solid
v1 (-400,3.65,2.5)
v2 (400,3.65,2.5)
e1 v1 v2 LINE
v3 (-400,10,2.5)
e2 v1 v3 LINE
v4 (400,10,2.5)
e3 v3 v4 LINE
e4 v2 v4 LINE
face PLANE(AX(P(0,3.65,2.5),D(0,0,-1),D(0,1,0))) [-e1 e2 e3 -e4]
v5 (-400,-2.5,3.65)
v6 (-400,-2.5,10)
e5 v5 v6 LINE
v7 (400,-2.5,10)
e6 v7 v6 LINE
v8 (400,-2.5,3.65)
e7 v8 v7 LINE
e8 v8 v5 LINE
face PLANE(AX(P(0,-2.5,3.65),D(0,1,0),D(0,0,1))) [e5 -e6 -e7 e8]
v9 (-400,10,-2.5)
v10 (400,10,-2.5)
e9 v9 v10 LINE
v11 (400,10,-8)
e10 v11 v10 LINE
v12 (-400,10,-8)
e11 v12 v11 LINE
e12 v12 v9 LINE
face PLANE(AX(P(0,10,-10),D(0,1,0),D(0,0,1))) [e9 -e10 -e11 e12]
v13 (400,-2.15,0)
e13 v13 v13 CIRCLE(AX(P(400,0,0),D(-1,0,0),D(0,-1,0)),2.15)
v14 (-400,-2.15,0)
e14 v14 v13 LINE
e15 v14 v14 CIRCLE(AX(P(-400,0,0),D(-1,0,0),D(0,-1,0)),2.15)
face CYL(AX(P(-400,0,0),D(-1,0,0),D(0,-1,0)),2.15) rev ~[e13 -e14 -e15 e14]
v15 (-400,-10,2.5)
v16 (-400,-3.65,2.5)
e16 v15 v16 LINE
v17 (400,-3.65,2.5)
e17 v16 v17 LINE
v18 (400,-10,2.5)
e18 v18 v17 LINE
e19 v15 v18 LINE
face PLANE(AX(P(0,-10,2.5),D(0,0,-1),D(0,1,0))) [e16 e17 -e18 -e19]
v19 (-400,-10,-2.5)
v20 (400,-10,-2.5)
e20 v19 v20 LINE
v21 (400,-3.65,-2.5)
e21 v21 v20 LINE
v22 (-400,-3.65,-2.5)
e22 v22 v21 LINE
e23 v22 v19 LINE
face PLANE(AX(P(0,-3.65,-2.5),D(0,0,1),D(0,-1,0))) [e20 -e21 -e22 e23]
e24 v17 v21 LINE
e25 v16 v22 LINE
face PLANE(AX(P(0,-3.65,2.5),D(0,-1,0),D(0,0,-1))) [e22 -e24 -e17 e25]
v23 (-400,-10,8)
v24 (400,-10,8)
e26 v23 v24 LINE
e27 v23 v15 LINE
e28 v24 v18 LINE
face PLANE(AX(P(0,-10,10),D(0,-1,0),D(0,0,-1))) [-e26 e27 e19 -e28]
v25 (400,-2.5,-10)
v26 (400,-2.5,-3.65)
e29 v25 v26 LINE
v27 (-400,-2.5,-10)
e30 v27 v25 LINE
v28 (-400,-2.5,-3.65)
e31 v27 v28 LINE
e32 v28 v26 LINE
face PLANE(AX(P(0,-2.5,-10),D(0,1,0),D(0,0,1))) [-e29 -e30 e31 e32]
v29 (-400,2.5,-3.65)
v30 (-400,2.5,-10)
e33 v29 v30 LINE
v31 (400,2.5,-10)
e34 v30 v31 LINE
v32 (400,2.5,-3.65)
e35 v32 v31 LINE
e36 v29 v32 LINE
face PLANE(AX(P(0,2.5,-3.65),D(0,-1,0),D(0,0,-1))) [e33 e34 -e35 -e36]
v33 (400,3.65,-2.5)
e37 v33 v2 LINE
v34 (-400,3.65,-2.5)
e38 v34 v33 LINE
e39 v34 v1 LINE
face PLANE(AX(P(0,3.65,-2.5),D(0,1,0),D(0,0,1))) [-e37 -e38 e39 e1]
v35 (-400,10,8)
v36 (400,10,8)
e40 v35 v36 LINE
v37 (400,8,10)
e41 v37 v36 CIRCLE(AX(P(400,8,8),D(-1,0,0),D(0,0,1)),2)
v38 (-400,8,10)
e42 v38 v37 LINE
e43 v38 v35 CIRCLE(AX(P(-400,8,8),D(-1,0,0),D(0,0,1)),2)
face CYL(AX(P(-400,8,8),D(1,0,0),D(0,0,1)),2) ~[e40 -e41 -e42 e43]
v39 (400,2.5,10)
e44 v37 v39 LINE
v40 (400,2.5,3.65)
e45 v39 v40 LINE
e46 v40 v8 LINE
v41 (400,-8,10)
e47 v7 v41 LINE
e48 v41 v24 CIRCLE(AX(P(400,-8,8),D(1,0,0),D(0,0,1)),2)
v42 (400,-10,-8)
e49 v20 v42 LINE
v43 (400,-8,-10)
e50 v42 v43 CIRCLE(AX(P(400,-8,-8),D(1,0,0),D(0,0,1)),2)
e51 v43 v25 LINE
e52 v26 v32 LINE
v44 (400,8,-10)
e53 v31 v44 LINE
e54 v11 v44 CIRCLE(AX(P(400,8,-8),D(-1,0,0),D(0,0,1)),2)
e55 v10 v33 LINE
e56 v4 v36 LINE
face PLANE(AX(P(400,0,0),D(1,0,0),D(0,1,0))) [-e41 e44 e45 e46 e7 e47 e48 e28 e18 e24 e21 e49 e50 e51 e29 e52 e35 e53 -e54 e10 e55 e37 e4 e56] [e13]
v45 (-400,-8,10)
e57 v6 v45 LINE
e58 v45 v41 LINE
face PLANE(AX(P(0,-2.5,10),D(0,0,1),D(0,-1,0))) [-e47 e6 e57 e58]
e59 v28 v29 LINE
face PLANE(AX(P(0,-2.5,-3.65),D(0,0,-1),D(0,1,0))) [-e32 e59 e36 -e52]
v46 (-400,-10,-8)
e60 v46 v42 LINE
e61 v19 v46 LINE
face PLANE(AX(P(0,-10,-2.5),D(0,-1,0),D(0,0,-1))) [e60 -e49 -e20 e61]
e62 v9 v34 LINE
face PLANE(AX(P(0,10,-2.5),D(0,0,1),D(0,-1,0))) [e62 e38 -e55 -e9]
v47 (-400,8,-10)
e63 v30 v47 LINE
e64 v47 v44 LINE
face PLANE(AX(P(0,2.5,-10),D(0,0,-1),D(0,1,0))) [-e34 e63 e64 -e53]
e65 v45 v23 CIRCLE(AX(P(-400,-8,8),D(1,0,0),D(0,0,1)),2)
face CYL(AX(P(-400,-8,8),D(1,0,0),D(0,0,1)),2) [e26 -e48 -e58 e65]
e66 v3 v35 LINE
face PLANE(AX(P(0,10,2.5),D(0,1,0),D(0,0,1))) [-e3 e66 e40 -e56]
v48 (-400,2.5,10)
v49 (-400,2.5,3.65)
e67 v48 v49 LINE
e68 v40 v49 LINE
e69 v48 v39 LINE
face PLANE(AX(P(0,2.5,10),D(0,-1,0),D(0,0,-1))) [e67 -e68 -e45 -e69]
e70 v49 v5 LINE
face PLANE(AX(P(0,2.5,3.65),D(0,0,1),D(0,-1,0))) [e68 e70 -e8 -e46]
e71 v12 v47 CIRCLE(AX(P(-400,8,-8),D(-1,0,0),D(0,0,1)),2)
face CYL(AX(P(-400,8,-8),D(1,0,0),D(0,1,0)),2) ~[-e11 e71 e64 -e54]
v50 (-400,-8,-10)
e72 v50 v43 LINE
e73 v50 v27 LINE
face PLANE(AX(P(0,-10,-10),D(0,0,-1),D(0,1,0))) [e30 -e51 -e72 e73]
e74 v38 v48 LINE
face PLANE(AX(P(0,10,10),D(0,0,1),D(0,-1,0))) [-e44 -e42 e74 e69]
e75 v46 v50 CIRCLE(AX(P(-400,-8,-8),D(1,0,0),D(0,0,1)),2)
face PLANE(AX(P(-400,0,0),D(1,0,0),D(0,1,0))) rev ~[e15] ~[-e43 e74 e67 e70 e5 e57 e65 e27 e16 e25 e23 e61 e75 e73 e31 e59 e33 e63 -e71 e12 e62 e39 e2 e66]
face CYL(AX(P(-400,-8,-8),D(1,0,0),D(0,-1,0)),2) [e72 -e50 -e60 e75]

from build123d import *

# Parameters (mm, degrees)
F1_DEPTH = 400
F2_R     = 2.15
F3_DEPTH = 800
F4_R     = 2


with BuildPart() as f1:
    # F0 (on Right) → F1 (new body, symmetric)
    with BuildSketch(Plane.YZ):
        Polygon((-2.5, 10), (-10, 10), (-10, 2.5), (-3.65, 2.5), (-3.65, -2.5), (-10, -2.5), (-10, -10), (-2.5, -10), (-2.5, -3.65), (2.5, -3.65), (2.5, -10), (10, -10), (10, -2.5), (3.65, -2.5), (3.65, 2.5), (10, 2.5), (10, 10), (2.5, 10), (2.5, 3.65), (-2.5, 3.65), align=None)
    extrude(amount=F1_DEPTH, both=True)

    # F2 (on face) → F3 (cut)
    with BuildSketch(Plane(origin=(-400, 0, 0), x_dir=(0, -1, 0), z_dir=(-1, 0, 0))):
        Circle(F2_R)
    extrude(amount=-F3_DEPTH, mode=Mode.SUBTRACT)

    # F4
    f4_edges = [f1.edges().sort_by_distance(p)[0] for p in [
        (0, 10, -10),
        (0, -10, -10),
        (0, -10, 10),
        (0, 10, 10),
    ]]
    fillet(f4_edges, radius=F4_R)


solid = f1.part
